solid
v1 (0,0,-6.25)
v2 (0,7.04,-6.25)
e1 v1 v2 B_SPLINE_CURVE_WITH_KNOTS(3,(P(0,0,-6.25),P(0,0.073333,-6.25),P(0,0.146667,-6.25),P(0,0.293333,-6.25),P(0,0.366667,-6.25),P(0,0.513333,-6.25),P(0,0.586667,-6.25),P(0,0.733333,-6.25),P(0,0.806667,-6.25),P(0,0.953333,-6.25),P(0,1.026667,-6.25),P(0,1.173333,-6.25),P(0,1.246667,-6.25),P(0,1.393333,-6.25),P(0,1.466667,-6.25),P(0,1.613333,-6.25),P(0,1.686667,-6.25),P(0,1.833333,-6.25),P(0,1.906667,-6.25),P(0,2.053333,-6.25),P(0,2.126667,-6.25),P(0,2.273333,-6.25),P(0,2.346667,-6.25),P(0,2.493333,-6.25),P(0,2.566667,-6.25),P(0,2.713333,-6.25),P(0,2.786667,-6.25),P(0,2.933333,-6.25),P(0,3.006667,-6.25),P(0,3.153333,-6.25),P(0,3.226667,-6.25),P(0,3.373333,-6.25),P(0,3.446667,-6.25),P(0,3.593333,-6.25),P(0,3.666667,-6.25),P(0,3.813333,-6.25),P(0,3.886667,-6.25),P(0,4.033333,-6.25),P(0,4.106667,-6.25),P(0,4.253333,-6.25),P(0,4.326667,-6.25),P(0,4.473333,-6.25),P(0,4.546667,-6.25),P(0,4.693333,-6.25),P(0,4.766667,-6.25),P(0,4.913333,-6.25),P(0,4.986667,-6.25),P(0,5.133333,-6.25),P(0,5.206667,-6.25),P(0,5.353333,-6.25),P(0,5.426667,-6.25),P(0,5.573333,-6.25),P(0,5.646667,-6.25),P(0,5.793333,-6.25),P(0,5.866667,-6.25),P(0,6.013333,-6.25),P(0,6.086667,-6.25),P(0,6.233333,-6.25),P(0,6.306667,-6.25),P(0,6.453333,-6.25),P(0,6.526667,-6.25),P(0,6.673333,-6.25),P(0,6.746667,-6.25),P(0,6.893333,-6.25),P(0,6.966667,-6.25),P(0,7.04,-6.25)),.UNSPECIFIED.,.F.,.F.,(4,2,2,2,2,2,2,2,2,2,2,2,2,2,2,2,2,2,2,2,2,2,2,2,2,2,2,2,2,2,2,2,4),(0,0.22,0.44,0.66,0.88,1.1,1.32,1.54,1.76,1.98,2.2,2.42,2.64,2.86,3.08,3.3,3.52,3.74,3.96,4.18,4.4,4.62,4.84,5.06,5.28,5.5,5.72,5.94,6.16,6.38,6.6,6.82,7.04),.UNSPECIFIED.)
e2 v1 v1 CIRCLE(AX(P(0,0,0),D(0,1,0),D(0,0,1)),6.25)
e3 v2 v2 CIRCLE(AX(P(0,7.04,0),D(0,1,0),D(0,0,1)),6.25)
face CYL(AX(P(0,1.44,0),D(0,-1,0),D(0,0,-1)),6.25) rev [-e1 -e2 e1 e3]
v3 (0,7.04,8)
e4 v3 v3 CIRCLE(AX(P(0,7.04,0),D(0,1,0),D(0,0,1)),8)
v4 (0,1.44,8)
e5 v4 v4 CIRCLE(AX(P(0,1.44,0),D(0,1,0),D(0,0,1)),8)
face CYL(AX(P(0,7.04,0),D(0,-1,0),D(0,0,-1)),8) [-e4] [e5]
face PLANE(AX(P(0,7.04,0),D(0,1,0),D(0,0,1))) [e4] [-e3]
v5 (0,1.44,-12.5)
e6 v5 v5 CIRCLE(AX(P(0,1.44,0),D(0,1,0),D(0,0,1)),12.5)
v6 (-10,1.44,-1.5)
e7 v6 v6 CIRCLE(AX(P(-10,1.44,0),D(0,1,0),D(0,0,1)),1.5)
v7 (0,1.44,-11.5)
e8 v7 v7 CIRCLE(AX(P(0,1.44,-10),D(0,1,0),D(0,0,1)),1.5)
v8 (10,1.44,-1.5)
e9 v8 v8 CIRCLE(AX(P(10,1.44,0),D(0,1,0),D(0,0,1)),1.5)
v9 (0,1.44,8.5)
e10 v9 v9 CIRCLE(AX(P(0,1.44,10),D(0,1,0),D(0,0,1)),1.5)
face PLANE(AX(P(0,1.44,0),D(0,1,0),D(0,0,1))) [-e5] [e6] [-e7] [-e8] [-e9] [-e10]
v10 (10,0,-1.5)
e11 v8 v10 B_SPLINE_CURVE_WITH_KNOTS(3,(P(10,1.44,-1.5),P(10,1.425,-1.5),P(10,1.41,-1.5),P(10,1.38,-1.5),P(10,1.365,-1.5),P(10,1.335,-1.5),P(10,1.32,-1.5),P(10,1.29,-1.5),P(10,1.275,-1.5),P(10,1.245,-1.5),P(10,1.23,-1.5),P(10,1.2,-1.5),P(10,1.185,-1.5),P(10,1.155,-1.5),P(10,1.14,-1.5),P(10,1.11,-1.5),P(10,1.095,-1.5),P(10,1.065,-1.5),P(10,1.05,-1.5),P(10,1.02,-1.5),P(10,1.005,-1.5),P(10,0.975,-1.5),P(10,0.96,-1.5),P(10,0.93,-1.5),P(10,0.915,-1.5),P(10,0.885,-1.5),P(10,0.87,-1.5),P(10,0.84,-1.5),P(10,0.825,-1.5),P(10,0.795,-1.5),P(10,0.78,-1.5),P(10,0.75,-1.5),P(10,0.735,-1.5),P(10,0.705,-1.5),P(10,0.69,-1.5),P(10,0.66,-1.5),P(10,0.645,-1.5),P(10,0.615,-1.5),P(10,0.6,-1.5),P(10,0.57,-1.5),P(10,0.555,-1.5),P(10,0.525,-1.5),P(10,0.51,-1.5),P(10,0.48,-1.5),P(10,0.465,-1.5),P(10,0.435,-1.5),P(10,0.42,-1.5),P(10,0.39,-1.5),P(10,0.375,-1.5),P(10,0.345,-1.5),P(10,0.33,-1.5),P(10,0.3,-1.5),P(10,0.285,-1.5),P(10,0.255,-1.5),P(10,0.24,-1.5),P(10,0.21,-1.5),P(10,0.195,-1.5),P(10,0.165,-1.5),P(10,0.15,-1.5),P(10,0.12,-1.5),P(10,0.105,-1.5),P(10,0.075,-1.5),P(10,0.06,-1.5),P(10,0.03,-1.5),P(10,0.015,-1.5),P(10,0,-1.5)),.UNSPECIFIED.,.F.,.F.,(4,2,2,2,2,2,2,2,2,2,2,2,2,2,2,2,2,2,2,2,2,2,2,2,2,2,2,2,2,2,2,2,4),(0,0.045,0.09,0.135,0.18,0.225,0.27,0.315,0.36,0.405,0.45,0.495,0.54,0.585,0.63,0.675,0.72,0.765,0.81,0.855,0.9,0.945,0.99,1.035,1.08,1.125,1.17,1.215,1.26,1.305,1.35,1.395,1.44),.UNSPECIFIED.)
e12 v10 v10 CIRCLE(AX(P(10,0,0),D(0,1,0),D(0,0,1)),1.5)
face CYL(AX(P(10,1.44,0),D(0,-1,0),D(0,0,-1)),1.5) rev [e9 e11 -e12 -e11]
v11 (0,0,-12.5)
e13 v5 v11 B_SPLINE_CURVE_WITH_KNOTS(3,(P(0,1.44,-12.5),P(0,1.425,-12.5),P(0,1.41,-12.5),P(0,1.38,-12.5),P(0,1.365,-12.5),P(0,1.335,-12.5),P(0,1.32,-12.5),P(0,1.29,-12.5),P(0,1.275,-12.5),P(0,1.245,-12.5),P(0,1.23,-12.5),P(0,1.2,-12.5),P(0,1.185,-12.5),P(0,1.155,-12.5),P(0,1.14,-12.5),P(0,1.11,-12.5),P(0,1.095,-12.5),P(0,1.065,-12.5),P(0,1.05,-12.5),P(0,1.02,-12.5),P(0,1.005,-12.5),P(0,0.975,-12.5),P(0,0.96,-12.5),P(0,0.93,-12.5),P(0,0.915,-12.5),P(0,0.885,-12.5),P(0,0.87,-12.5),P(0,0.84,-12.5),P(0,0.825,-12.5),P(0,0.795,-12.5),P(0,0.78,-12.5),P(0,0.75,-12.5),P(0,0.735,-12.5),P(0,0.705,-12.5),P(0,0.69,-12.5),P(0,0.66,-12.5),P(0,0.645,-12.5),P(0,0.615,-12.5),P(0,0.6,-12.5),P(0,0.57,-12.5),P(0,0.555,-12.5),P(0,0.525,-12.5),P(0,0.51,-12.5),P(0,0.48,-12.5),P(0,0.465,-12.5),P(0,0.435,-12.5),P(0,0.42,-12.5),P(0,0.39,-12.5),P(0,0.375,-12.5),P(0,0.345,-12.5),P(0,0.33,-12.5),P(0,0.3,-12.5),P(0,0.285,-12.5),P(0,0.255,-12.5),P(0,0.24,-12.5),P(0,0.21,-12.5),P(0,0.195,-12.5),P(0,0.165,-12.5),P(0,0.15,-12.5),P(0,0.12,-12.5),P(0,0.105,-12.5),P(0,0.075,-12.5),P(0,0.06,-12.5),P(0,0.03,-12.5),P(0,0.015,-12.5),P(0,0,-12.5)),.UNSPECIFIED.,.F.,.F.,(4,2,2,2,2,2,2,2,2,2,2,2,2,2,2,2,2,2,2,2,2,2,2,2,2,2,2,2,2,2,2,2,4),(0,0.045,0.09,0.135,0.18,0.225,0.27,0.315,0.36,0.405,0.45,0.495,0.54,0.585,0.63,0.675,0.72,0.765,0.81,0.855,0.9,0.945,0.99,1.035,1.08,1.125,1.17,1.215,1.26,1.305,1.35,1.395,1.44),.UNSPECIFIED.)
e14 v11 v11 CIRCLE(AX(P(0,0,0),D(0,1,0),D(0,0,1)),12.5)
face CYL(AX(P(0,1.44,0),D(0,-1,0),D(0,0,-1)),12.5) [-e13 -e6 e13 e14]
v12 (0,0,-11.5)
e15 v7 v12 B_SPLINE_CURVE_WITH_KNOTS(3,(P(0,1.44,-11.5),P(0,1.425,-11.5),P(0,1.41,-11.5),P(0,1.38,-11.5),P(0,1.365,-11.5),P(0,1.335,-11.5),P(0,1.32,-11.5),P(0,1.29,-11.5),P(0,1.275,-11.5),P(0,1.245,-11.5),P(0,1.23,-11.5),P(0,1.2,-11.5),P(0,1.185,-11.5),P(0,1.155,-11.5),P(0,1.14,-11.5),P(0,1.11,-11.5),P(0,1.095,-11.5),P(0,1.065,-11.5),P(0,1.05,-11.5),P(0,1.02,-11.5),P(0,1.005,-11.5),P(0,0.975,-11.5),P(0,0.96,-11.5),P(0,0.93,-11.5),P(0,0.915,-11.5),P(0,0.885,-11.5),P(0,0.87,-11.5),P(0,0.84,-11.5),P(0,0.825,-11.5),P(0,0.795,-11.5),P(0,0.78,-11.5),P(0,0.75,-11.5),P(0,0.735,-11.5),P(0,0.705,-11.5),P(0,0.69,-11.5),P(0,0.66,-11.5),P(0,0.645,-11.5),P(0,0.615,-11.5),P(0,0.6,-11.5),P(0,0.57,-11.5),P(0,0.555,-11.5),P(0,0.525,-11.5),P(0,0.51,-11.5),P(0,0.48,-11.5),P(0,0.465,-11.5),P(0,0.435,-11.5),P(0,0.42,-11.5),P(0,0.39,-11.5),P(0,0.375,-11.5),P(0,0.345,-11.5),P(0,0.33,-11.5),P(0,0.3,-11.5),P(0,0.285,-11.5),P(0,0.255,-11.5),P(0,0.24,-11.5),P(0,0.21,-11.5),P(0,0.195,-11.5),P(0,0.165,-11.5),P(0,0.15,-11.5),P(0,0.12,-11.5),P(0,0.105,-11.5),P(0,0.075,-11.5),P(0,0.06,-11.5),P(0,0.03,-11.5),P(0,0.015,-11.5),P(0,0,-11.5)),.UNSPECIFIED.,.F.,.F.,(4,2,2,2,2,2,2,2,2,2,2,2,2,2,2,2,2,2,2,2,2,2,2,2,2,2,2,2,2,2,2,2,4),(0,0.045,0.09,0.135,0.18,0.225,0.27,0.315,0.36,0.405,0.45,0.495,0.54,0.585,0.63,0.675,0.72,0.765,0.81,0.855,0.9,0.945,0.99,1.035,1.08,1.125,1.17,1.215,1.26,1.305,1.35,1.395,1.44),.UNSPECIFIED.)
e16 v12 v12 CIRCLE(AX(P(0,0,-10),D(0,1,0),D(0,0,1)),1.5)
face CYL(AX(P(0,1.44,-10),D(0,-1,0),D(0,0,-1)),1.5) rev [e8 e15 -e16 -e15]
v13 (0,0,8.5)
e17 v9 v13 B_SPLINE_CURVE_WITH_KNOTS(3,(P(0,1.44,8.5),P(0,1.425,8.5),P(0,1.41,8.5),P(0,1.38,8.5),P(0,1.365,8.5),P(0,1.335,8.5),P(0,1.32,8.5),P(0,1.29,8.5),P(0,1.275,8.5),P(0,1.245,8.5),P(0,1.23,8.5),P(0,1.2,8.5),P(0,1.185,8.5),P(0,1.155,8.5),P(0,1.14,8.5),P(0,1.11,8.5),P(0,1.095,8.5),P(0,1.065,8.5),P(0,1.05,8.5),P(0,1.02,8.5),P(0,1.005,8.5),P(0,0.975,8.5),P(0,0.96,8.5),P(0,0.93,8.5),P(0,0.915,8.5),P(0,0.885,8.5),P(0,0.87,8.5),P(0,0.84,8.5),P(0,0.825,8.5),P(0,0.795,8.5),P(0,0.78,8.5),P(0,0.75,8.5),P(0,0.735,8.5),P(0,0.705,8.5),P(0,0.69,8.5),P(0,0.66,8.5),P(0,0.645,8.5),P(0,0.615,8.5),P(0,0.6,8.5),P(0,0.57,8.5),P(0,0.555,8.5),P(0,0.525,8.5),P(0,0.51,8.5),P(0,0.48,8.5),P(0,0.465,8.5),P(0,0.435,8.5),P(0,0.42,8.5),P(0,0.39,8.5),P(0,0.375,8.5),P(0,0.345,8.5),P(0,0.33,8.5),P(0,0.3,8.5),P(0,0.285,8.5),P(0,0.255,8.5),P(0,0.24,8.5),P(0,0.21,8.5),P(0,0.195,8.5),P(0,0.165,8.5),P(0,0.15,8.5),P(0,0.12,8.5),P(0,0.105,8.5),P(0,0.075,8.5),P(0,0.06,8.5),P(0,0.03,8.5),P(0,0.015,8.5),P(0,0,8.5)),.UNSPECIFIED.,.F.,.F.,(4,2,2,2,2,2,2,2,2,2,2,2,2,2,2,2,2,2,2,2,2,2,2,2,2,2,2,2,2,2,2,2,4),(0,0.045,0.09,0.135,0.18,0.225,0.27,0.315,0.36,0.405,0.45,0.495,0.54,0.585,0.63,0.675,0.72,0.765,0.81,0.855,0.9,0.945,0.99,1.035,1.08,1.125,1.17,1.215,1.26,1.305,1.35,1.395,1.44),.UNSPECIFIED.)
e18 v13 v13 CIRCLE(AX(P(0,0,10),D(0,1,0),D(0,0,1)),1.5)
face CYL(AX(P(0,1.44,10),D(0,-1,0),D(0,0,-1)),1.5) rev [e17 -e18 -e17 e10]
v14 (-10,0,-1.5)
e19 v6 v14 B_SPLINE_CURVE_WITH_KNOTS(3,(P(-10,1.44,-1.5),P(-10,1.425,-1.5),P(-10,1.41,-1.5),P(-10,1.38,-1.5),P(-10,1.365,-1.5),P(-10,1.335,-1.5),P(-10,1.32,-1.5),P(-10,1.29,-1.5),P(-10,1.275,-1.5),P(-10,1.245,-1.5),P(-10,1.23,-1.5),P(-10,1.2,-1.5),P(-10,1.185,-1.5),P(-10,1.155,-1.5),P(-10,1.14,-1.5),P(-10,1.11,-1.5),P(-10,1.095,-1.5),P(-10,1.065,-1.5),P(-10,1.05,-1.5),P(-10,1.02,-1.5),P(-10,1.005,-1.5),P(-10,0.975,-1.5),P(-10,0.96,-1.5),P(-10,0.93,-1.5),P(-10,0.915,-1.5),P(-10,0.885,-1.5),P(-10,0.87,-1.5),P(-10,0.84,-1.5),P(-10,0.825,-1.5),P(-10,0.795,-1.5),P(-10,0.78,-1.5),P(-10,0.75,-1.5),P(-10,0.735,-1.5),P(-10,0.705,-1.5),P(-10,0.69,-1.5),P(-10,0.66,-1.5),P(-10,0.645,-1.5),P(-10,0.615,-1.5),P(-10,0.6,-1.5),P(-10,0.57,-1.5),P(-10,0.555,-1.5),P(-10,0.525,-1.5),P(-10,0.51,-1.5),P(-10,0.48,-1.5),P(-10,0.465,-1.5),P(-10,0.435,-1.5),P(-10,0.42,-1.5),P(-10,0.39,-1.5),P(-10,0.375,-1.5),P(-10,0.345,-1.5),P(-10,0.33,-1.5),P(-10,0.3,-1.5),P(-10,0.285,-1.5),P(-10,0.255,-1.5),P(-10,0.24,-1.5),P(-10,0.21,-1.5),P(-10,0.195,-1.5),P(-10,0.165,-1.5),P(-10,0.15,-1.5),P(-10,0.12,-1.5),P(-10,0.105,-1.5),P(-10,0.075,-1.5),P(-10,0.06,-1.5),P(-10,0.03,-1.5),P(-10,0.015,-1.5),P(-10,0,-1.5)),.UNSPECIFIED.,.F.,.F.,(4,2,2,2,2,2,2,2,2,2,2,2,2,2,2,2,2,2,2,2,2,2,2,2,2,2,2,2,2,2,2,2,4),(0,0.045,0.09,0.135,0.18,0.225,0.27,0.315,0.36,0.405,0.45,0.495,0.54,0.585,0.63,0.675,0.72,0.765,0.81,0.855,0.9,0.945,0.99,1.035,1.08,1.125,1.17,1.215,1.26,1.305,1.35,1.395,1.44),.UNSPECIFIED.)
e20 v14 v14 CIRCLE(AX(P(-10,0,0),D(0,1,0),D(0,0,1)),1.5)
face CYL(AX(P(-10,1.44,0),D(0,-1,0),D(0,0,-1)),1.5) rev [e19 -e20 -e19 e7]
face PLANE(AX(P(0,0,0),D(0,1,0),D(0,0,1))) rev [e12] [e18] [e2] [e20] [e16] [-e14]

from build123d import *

# Parameters (mm, degrees)
SKETCH_1_R      = 12.5
SKETCH_1_R_2    = 6.25
SKETCH_1_R_3    = 1.5
EXTRUDE_1_DEPTH = 1.44
SKETCH_2_R      = 8
SKETCH_2_R_2    = 6.25
EXTRUDE_2_DEPTH = 5.6


with BuildPart() as part:
    # 草图1 → 凸台-拉伸1 (new body)
    with BuildSketch(Plane(origin=(0, 0, 0), x_dir=(1, 0, 0), z_dir=(0, 1, 0))):
        with Locations(Location((0, 0, 0), (0, 0, 90))):
            Circle(SKETCH_1_R)
        with Locations(Location((0, 0, 0), (0, 0, 90))):
            Circle(SKETCH_1_R_2, mode=Mode.SUBTRACT)
        with Locations(Location((0, 10, 0), (0, 0, 90))):
            Circle(SKETCH_1_R_3, mode=Mode.SUBTRACT)
        with Locations(Location((10, 0, 0), (0, 0, 90))):
            Circle(SKETCH_1_R_3, mode=Mode.SUBTRACT)
        with Locations(Location((0, -10, 0), (0, 0, 90))):
            Circle(SKETCH_1_R_3, mode=Mode.SUBTRACT)
        with Locations(Location((-10, 0, 0), (0, 0, 90))):
            Circle(SKETCH_1_R_3, mode=Mode.SUBTRACT)
    extrude(amount=EXTRUDE_1_DEPTH)

    # 草图2 → 凸台-拉伸2 (add)
    with BuildSketch(Plane(origin=(0, 1.44, 0), x_dir=(1, 0, 0), z_dir=(0, 1, 0))):
        with Locations(Location((0, 0, 0), (0, 0, 270))):
            Circle(SKETCH_2_R)
        with Locations(Location((0, 0, 0), (0, 0, 90))):
            Circle(SKETCH_2_R_2, mode=Mode.SUBTRACT)
    extrude(amount=EXTRUDE_2_DEPTH)


solid = part.part
